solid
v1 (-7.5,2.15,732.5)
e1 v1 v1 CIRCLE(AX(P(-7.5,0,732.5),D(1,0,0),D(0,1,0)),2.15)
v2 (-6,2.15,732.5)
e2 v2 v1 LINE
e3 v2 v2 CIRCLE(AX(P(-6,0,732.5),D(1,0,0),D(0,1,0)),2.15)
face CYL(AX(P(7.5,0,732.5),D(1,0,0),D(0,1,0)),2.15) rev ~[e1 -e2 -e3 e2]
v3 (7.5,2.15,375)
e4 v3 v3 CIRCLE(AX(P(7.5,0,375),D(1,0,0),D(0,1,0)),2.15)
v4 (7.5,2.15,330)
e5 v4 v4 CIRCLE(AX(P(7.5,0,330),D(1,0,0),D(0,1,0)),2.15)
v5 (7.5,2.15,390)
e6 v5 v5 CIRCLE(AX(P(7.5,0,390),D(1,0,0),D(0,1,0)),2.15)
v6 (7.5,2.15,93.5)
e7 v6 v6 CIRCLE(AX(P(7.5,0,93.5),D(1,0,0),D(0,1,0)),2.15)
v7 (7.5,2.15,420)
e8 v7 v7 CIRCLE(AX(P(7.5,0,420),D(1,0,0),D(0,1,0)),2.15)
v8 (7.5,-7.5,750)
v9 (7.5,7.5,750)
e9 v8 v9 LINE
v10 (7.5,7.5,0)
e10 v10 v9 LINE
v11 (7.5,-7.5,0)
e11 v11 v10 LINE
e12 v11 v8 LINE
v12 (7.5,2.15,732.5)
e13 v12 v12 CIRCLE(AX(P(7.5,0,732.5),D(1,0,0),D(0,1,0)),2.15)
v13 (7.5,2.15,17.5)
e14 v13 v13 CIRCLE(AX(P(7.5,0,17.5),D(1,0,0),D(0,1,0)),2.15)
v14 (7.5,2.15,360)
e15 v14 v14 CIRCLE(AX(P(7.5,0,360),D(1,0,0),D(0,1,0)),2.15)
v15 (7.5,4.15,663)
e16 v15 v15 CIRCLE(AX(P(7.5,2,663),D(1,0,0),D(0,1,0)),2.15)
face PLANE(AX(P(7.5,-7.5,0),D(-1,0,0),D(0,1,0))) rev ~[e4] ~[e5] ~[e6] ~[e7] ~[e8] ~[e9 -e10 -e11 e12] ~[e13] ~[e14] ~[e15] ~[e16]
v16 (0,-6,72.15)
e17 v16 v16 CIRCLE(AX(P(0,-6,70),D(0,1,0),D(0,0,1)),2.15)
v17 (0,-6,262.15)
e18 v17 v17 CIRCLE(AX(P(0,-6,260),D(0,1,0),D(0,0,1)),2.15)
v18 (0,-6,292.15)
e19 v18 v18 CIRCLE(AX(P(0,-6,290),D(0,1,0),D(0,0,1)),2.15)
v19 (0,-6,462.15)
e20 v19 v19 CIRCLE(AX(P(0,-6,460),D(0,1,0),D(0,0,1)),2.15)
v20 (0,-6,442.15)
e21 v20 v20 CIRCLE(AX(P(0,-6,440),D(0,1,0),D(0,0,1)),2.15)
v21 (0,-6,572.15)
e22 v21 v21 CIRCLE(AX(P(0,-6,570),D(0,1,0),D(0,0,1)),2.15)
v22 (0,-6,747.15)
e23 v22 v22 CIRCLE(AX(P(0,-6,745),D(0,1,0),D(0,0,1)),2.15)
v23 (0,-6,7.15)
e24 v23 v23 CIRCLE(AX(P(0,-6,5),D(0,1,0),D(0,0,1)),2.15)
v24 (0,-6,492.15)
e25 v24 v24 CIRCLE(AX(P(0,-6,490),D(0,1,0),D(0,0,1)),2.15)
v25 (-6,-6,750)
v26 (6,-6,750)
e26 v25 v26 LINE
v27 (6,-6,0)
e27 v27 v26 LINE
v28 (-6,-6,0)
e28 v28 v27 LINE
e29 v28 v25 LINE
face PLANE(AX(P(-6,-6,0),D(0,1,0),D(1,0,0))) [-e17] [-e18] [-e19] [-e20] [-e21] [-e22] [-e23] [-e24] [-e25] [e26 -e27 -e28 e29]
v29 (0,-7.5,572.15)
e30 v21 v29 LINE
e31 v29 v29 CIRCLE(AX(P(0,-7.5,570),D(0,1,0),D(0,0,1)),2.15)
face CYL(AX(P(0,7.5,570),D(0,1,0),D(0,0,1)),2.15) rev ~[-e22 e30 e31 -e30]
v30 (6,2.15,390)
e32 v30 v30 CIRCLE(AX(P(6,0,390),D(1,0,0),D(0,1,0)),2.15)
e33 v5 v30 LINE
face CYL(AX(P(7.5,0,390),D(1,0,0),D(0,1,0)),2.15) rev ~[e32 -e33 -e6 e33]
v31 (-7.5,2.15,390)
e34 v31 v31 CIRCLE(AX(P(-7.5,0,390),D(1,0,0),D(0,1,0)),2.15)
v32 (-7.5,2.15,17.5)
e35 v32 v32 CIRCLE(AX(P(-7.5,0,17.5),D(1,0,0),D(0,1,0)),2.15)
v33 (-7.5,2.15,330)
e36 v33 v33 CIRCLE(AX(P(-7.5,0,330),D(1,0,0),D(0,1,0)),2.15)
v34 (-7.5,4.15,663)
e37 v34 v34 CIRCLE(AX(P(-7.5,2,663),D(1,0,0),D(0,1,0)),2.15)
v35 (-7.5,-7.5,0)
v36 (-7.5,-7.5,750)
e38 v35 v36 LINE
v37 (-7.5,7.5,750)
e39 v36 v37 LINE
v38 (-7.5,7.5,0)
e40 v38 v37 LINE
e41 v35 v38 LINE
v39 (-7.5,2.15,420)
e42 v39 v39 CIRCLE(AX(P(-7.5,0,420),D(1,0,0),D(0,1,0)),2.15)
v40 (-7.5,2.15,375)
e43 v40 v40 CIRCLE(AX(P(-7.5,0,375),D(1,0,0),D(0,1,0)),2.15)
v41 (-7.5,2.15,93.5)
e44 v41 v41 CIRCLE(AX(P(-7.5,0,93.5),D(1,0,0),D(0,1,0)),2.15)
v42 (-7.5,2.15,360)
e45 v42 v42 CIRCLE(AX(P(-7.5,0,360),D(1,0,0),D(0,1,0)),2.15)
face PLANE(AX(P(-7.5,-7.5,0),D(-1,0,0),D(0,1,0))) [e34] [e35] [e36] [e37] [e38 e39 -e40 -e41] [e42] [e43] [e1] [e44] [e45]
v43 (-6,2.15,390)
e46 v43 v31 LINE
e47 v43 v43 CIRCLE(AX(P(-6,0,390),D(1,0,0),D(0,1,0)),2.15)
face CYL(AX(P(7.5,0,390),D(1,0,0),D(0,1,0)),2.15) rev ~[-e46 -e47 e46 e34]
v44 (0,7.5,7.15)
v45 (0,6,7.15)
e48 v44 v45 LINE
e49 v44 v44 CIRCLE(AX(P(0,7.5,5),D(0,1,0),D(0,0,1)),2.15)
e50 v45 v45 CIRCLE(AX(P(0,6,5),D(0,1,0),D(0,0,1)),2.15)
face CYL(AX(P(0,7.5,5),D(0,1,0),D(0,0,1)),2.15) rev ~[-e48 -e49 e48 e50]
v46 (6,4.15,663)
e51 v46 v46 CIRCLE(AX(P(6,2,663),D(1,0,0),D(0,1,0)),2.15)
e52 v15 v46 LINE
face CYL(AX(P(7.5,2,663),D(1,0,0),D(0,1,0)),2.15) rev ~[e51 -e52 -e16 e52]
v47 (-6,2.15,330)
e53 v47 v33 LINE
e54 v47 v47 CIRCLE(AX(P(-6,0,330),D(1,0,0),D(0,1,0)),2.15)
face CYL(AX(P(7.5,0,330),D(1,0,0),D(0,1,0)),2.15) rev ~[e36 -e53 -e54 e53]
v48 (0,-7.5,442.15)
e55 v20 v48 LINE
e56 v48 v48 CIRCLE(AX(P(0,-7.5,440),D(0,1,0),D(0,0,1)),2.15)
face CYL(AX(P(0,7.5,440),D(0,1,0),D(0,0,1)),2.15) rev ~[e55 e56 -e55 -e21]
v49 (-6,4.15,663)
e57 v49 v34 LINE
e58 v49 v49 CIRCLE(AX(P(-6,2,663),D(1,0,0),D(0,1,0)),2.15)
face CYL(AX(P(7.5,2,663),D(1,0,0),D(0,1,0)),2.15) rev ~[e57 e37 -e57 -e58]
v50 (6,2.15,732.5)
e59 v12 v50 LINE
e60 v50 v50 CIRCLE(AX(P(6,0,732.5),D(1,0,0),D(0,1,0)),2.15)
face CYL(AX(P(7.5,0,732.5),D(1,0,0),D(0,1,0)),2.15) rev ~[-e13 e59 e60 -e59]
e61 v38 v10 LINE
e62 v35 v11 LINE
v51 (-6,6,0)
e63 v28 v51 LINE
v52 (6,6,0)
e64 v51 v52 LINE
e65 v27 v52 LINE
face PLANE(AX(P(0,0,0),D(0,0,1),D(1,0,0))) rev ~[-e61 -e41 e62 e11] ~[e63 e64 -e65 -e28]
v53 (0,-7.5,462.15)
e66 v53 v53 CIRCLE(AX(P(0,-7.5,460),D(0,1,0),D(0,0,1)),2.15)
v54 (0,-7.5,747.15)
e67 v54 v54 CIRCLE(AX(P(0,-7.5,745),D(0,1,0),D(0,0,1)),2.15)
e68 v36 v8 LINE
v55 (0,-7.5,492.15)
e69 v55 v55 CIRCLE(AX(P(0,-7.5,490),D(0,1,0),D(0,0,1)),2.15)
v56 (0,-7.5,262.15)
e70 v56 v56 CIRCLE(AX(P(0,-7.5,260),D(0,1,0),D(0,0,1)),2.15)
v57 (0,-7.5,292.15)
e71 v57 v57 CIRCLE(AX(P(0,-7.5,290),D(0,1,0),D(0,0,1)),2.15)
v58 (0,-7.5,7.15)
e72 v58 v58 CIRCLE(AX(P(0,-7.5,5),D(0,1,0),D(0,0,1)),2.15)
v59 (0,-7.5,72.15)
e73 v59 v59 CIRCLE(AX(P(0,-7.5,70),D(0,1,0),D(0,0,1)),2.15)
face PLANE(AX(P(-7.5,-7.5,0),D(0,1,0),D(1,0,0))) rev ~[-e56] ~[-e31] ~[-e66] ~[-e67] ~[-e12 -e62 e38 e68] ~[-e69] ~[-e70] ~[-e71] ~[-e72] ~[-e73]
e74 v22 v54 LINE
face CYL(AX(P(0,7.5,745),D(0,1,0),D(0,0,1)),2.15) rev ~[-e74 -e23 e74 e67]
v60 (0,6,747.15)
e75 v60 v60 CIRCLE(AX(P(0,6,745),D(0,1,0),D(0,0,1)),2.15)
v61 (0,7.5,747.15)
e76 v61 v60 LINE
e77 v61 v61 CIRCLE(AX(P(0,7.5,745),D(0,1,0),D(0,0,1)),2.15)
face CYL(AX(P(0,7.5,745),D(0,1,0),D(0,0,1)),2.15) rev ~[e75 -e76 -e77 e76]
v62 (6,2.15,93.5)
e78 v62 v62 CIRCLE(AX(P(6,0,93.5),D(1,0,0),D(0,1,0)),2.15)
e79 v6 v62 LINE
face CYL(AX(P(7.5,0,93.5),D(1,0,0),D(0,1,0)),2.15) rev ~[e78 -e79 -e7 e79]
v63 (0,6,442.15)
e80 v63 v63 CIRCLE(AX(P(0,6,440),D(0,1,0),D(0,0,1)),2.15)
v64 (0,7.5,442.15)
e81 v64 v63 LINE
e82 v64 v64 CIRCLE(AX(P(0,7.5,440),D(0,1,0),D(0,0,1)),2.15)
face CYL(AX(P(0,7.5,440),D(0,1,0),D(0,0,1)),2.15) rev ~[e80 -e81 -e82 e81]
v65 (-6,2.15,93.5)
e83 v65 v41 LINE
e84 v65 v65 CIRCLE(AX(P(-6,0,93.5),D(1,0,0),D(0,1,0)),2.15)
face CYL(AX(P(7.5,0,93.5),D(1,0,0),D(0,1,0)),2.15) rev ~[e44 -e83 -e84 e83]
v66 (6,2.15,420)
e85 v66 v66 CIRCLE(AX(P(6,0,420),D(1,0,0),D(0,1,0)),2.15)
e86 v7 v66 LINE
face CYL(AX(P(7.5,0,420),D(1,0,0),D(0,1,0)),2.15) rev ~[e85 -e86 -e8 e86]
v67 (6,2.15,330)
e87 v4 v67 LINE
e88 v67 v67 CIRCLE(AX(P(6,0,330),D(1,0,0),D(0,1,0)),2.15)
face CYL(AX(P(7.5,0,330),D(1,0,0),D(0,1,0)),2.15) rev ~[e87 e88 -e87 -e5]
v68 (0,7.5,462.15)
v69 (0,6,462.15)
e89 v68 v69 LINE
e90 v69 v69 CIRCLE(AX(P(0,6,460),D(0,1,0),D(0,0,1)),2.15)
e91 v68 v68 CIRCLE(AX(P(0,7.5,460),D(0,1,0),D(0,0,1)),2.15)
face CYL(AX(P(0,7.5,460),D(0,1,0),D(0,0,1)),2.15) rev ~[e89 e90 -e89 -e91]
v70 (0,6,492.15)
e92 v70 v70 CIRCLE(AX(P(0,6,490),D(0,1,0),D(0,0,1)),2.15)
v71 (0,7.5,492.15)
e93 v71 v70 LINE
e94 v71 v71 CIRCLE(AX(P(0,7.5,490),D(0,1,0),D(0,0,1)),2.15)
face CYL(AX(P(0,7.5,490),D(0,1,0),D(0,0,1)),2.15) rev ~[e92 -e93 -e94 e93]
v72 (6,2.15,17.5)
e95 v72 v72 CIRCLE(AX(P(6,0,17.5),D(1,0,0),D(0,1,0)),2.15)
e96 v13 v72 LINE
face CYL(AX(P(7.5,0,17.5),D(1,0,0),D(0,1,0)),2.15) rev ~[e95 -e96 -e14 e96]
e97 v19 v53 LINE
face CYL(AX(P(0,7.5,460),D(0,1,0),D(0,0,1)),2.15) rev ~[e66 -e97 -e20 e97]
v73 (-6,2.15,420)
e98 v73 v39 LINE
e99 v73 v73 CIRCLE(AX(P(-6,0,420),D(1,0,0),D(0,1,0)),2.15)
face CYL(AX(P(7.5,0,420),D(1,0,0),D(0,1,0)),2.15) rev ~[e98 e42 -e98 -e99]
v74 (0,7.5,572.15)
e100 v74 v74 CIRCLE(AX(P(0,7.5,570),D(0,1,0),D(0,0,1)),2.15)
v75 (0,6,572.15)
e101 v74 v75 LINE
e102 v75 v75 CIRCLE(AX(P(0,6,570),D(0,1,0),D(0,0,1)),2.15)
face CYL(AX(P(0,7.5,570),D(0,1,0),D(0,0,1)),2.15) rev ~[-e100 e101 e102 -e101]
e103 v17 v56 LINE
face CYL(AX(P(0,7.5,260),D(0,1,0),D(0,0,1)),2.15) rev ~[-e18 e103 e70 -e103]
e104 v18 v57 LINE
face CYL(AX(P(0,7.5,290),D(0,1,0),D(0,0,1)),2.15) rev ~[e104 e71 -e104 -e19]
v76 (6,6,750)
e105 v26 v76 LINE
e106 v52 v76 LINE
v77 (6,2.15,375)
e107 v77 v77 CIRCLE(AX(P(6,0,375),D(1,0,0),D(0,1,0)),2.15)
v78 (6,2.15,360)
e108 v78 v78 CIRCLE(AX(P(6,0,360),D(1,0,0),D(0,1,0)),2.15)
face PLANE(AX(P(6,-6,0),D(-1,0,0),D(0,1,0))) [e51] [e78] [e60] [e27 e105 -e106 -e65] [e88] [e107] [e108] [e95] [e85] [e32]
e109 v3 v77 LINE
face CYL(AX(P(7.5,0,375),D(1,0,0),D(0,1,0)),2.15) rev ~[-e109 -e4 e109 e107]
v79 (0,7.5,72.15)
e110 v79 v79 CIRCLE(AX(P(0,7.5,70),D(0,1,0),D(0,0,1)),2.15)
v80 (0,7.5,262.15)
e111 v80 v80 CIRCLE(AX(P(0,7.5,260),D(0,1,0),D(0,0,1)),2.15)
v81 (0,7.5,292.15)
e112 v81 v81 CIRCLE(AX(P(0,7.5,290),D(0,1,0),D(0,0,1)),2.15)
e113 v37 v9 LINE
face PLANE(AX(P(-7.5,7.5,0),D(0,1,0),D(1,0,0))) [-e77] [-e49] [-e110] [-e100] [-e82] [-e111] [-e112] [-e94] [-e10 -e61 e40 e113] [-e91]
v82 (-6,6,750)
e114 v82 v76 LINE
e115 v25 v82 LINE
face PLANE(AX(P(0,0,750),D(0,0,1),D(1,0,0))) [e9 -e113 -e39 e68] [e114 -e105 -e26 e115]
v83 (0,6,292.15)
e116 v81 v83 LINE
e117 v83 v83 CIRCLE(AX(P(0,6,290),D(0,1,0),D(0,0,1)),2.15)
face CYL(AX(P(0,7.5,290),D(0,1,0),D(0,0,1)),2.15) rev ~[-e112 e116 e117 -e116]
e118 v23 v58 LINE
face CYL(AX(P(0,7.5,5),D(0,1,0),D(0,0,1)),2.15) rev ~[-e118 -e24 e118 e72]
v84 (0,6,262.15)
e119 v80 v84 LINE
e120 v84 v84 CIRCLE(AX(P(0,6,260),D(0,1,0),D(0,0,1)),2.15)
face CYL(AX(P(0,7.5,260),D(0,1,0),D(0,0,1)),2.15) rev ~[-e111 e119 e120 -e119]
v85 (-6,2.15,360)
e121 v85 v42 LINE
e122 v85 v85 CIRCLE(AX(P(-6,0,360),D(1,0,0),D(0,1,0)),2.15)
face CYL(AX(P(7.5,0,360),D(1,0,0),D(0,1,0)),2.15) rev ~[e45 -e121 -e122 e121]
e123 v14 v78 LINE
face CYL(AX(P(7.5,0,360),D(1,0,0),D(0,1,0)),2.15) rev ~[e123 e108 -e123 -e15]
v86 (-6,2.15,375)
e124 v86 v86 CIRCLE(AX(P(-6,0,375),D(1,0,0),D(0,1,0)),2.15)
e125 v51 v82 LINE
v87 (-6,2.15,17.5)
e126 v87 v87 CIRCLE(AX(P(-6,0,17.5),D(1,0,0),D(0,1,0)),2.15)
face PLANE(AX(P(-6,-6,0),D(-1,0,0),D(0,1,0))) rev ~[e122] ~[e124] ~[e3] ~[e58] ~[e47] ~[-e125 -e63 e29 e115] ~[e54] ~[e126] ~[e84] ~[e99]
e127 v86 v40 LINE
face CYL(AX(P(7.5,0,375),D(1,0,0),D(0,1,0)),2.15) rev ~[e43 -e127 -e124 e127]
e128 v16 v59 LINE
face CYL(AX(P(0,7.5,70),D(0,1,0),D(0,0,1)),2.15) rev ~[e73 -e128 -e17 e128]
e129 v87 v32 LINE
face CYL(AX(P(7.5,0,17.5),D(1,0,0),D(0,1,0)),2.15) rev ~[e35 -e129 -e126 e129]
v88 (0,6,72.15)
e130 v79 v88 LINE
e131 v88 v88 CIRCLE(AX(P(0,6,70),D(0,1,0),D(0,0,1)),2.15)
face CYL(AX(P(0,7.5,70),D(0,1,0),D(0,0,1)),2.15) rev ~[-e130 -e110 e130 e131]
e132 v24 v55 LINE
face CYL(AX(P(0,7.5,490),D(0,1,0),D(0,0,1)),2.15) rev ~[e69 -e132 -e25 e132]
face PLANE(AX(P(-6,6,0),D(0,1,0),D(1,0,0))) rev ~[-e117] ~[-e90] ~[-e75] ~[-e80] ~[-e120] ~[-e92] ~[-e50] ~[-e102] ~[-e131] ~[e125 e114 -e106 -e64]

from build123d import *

# Parameters (mm, degrees)
SKETCH_1_W          = 15
SKETCH_1_H          = 15
SKETCH_1_W_2        = 12
SKETCH_1_H_2        = 12
EXTRUDE_2_DEPTH     = 750
SKETCH_3_R          = 2.15
CUT_EXTRUDE_1_DEPTH = 751.187476568
SKETCH_4_R          = 2.15
CUT_EXTRUDE_2_DEPTH = 751.187476568


with BuildPart() as part:
    # ｽｹｯﾁ1 → 押し出し-薄板2 (new body)
    with BuildSketch(Plane.XY):
        Rectangle(SKETCH_1_W, SKETCH_1_H)
        Rectangle(SKETCH_1_W_2, SKETCH_1_H_2, mode=Mode.SUBTRACT)
    extrude(amount=EXTRUDE_2_DEPTH)

    # ｽｹｯﾁ3 → ｶｯﾄ - 押し出し1 (cut, through all)
    with BuildSketch(Plane(origin=(0, 7.5, 0), x_dir=(1, 0, 0), z_dir=(0, 1, 0))):
        with Locations(Location((0, -745, 0), (0, 0, 270))):
            Circle(SKETCH_3_R)
        with Locations(Location((0, -5, 0), (0, 0, 270))):
            Circle(SKETCH_3_R)
        with Locations(Location((0, -490, 0), (0, 0, 270))):
            Circle(SKETCH_3_R)
        with Locations(Location((0, -460, 0), (0, 0, 270))):
            Circle(SKETCH_3_R)
        with Locations(Location((0, -570, 0), (0, 0, 270))):
            Circle(SKETCH_3_R)
        with Locations(Location((0, -290, 0), (0, 0, 270))):
            Circle(SKETCH_3_R)
        with Locations(Location((0, -260, 0), (0, 0, 270))):
            Circle(SKETCH_3_R)
        with Locations(Location((0, -70, 0), (0, 0, 270))):
            Circle(SKETCH_3_R)
        with Locations(Location((0, -440, 0), (0, 0, 270))):
            Circle(SKETCH_3_R)
    extrude(amount=-CUT_EXTRUDE_1_DEPTH, mode=Mode.SUBTRACT)

    # ｽｹｯﾁ4 → ｶｯﾄ - 押し出し2 (cut, through all)
    with BuildSketch(Plane(origin=(7.5, 0, 0), x_dir=(0, 0, -1), z_dir=(1, 0, 0))):
        with Locations(Location((-360, 0, 0), (0, 0, 90))):
            Circle(SKETCH_4_R)
        with Locations(Location((-390, 0, 0), (0, 0, 90))):
            Circle(SKETCH_4_R)
        with Locations(Location((-375, 0, 0), (0, 0, 90))):
            Circle(SKETCH_4_R)
        with Locations(Location((-732.5, 0, 0), (0, 0, 90))):
            Circle(SKETCH_4_R)
        with Locations(Location((-17.5, 0, 0), (0, 0, 90))):
            Circle(SKETCH_4_R)
        with Locations(Location((-420, 0, 0), (0, 0, 90))):
            Circle(SKETCH_4_R)
        with Locations(Location((-330, 0, 0), (0, 0, 90))):
            Circle(SKETCH_4_R)
        with Locations(Location((-663, 2, 0), (0, 0, 90))):
            Circle(SKETCH_4_R)
        with Locations(Location((-93.5, 0, 0), (0, 0, 90))):
            Circle(SKETCH_4_R)
    extrude(amount=-CUT_EXTRUDE_2_DEPTH, mode=Mode.SUBTRACT)


solid = part.part
